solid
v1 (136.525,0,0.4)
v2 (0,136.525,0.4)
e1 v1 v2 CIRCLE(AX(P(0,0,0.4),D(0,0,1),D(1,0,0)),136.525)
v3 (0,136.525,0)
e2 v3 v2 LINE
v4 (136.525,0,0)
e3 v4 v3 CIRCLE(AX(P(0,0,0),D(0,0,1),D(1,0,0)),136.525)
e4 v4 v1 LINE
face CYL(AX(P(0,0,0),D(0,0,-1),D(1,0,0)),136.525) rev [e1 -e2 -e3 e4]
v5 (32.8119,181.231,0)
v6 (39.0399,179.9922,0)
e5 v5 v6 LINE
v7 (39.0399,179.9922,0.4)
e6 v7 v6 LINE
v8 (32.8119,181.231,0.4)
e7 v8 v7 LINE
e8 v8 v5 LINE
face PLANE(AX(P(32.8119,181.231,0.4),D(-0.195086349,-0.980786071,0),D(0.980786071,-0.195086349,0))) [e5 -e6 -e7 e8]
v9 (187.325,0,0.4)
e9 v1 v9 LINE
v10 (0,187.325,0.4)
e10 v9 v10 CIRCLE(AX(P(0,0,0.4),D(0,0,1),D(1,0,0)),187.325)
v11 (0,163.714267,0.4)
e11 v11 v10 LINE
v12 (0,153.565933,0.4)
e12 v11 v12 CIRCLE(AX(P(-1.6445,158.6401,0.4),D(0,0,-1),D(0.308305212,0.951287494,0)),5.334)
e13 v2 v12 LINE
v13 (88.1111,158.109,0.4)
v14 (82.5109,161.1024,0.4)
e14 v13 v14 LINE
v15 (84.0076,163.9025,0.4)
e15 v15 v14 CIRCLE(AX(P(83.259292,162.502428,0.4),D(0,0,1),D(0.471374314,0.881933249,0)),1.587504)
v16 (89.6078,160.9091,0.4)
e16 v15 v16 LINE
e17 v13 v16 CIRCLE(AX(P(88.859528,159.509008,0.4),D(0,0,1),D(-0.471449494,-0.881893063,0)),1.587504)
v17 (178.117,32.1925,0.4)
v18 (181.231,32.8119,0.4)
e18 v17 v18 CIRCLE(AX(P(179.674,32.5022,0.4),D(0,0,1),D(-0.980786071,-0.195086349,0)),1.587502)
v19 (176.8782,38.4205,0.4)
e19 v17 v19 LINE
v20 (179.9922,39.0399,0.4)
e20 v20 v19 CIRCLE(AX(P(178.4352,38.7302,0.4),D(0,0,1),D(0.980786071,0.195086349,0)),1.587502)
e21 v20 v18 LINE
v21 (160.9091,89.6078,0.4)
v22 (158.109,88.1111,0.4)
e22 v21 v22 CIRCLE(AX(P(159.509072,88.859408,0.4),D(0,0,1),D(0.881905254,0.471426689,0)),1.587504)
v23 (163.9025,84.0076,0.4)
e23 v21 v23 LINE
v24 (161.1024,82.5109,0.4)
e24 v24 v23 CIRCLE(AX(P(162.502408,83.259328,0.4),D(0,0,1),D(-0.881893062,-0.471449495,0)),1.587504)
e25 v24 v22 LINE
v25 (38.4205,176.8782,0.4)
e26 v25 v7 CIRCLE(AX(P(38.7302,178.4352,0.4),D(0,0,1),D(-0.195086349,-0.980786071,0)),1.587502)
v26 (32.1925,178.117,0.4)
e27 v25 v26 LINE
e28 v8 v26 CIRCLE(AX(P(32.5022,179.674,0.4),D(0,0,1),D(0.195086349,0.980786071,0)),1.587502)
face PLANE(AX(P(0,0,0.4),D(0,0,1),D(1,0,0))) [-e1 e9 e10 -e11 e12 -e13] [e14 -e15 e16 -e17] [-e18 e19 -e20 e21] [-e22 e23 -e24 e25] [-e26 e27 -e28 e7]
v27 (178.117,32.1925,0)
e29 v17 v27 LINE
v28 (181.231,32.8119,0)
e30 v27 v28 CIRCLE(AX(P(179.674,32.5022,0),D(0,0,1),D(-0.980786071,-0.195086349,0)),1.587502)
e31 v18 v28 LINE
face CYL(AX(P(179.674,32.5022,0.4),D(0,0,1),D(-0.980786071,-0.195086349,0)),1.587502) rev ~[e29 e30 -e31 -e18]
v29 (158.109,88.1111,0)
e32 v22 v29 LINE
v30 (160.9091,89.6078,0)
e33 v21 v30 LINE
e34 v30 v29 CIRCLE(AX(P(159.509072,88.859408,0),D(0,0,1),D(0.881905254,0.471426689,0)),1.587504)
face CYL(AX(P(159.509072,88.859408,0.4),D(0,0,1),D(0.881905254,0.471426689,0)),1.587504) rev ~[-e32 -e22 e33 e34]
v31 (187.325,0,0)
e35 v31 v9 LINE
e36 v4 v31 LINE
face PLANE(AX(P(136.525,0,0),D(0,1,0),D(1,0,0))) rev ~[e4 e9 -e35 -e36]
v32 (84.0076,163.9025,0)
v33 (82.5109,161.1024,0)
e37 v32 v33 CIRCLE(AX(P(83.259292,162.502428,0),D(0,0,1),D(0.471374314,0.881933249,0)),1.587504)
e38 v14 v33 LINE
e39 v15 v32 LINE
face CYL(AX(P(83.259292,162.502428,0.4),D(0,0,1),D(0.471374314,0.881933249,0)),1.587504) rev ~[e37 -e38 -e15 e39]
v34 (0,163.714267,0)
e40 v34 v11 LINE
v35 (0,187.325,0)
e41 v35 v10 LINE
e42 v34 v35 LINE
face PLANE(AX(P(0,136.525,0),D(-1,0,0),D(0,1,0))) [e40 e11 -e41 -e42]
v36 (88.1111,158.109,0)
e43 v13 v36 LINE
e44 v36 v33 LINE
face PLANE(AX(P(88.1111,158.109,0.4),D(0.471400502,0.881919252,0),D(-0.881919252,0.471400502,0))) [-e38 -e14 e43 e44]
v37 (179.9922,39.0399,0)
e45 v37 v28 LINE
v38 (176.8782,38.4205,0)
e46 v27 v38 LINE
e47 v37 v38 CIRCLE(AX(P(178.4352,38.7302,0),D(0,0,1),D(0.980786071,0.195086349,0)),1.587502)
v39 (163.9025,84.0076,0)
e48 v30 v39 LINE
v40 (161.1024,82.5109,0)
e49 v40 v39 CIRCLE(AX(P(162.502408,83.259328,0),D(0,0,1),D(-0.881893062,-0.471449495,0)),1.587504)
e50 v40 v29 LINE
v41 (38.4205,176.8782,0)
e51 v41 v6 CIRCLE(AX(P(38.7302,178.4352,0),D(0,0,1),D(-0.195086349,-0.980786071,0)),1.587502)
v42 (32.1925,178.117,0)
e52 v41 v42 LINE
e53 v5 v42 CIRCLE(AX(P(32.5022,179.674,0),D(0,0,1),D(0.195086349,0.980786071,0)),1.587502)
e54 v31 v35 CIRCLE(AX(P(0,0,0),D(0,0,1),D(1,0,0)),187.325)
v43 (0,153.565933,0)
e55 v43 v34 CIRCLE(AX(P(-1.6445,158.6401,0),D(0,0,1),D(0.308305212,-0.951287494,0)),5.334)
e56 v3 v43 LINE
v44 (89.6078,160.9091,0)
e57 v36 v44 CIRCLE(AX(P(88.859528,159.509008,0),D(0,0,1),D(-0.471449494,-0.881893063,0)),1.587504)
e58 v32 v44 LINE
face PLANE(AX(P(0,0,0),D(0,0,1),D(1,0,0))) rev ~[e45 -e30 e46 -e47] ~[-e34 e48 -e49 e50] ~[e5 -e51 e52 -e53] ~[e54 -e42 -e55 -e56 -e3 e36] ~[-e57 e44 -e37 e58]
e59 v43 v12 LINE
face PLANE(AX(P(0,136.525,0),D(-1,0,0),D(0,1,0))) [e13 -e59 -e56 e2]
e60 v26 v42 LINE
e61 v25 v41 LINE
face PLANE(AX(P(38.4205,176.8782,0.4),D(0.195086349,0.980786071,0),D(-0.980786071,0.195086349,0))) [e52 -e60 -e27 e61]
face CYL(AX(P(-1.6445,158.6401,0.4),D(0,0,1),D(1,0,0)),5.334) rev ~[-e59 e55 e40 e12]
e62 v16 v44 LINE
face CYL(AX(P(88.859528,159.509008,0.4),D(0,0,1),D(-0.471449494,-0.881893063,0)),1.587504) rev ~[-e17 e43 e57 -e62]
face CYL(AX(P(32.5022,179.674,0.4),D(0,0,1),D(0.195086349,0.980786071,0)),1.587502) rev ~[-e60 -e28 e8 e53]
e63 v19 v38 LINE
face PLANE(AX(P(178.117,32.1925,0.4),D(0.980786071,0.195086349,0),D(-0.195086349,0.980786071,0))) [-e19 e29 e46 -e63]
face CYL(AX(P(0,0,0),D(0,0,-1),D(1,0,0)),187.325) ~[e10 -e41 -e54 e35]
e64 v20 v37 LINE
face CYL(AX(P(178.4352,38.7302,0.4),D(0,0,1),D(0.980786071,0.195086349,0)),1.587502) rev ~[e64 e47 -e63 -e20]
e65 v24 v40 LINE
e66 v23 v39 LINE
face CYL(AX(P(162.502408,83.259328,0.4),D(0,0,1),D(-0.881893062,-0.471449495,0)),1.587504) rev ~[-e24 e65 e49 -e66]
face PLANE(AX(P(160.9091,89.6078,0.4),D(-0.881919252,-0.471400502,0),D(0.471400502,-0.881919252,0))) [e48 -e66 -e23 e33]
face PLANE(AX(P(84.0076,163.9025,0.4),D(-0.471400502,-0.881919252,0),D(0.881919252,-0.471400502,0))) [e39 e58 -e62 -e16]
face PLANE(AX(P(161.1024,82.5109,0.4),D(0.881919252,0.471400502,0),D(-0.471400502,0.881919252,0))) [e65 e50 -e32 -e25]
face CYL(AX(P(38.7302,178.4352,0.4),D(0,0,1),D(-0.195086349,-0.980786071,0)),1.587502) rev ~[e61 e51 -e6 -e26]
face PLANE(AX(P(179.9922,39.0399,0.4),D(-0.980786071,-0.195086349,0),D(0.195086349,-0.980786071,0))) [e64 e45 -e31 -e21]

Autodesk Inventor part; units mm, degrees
ref_plane "YZ Plane" through (0, 0, 0) normal (1, 0, 0) x (0, 1, 0)
ref_plane "XZ Plane" through (0, 0, 0) normal (0, 1, 0) x (-1, 0, 0)
ref_plane "XY Plane" through (0, 0, 0) normal (0, 0, 1) x (1, 0, 0)
sketch "Sketch1" plane through (0, 0, 0) normal (0, 0, 1) x (1, 0, 0)
  arc A0 (187.325, 0) -> (0, 187.325) centre (0, 0) ccw
  arc A1 (136.525, 0) -> (0, 136.525) centre (0, 0) ccw
  line L0 (0, 136.525) -> (0, 187.325)
  line L1 (136.525, 0) -> (187.325, 0)
  point P0 (161.925, 0)
  point P1 (0, 161.925)
  dimension "d2" = 187.325
  dimension "d3" = 136.525
extrude "Extrusion1" add sketch "Sketch1" along normal blind 0.4
sketch "Sketch3" plane through (0, 0, 0.4) normal (0, 0, 1) x (1, 0, 0)
  arc A0 (178.117, 32.1925) -> (181.231, 32.8119) centre (179.674, 32.5022) ccw projected
  line L0 (178.117, 32.1925) -> (176.8782, 38.4205) projected
  arc A1 (179.9922, 39.0399) -> (176.8782, 38.4205) centre (178.4352, 38.7302) ccw projected
  line L1 (179.9922, 39.0399) -> (181.231, 32.8119) projected
  line L2 (160.9091, 89.6078) -> (163.9025, 84.0076) projected
  arc A2 (161.1024, 82.5109) -> (163.9025, 84.0076) centre (162.5024, 83.2593) ccw projected
  line L3 (161.1024, 82.5109) -> (158.109, 88.1111) projected
  arc A3 (160.9091, 89.6078) -> (158.109, 88.1111) centre (159.5091, 88.8595) ccw projected
  line L4 (84.0076, 163.9025) -> (89.6078, 160.9091) projected
  arc A4 (84.0076, 163.9025) -> (82.5109, 161.1024) centre (83.2593, 162.5024) ccw projected
  line L5 (88.1111, 158.109) -> (82.5109, 161.1024) projected
  arc A5 (88.1111, 158.109) -> (89.6078, 160.9091) centre (88.8595, 159.5091) ccw projected
  arc A6 (38.4205, 176.8782) -> (39.0399, 179.9922) centre (38.7302, 178.4352) ccw projected
  line L6 (32.8119, 181.231) -> (39.0399, 179.9922) projected
  arc A7 (32.8119, 181.231) -> (32.1925, 178.117) centre (32.5022, 179.674) ccw projected
  line L7 (38.4205, 176.8782) -> (32.1925, 178.117) projected
  circle A8 centre (-1.6445, 158.6401) radius 5.334 projected
  point P0 (0, 0)
extrude "Extrusion2" cut sketch "Sketch3" against normal through all
properties part number "3DPRINT,CABLE,TRAY" material "ABS Plastic"
